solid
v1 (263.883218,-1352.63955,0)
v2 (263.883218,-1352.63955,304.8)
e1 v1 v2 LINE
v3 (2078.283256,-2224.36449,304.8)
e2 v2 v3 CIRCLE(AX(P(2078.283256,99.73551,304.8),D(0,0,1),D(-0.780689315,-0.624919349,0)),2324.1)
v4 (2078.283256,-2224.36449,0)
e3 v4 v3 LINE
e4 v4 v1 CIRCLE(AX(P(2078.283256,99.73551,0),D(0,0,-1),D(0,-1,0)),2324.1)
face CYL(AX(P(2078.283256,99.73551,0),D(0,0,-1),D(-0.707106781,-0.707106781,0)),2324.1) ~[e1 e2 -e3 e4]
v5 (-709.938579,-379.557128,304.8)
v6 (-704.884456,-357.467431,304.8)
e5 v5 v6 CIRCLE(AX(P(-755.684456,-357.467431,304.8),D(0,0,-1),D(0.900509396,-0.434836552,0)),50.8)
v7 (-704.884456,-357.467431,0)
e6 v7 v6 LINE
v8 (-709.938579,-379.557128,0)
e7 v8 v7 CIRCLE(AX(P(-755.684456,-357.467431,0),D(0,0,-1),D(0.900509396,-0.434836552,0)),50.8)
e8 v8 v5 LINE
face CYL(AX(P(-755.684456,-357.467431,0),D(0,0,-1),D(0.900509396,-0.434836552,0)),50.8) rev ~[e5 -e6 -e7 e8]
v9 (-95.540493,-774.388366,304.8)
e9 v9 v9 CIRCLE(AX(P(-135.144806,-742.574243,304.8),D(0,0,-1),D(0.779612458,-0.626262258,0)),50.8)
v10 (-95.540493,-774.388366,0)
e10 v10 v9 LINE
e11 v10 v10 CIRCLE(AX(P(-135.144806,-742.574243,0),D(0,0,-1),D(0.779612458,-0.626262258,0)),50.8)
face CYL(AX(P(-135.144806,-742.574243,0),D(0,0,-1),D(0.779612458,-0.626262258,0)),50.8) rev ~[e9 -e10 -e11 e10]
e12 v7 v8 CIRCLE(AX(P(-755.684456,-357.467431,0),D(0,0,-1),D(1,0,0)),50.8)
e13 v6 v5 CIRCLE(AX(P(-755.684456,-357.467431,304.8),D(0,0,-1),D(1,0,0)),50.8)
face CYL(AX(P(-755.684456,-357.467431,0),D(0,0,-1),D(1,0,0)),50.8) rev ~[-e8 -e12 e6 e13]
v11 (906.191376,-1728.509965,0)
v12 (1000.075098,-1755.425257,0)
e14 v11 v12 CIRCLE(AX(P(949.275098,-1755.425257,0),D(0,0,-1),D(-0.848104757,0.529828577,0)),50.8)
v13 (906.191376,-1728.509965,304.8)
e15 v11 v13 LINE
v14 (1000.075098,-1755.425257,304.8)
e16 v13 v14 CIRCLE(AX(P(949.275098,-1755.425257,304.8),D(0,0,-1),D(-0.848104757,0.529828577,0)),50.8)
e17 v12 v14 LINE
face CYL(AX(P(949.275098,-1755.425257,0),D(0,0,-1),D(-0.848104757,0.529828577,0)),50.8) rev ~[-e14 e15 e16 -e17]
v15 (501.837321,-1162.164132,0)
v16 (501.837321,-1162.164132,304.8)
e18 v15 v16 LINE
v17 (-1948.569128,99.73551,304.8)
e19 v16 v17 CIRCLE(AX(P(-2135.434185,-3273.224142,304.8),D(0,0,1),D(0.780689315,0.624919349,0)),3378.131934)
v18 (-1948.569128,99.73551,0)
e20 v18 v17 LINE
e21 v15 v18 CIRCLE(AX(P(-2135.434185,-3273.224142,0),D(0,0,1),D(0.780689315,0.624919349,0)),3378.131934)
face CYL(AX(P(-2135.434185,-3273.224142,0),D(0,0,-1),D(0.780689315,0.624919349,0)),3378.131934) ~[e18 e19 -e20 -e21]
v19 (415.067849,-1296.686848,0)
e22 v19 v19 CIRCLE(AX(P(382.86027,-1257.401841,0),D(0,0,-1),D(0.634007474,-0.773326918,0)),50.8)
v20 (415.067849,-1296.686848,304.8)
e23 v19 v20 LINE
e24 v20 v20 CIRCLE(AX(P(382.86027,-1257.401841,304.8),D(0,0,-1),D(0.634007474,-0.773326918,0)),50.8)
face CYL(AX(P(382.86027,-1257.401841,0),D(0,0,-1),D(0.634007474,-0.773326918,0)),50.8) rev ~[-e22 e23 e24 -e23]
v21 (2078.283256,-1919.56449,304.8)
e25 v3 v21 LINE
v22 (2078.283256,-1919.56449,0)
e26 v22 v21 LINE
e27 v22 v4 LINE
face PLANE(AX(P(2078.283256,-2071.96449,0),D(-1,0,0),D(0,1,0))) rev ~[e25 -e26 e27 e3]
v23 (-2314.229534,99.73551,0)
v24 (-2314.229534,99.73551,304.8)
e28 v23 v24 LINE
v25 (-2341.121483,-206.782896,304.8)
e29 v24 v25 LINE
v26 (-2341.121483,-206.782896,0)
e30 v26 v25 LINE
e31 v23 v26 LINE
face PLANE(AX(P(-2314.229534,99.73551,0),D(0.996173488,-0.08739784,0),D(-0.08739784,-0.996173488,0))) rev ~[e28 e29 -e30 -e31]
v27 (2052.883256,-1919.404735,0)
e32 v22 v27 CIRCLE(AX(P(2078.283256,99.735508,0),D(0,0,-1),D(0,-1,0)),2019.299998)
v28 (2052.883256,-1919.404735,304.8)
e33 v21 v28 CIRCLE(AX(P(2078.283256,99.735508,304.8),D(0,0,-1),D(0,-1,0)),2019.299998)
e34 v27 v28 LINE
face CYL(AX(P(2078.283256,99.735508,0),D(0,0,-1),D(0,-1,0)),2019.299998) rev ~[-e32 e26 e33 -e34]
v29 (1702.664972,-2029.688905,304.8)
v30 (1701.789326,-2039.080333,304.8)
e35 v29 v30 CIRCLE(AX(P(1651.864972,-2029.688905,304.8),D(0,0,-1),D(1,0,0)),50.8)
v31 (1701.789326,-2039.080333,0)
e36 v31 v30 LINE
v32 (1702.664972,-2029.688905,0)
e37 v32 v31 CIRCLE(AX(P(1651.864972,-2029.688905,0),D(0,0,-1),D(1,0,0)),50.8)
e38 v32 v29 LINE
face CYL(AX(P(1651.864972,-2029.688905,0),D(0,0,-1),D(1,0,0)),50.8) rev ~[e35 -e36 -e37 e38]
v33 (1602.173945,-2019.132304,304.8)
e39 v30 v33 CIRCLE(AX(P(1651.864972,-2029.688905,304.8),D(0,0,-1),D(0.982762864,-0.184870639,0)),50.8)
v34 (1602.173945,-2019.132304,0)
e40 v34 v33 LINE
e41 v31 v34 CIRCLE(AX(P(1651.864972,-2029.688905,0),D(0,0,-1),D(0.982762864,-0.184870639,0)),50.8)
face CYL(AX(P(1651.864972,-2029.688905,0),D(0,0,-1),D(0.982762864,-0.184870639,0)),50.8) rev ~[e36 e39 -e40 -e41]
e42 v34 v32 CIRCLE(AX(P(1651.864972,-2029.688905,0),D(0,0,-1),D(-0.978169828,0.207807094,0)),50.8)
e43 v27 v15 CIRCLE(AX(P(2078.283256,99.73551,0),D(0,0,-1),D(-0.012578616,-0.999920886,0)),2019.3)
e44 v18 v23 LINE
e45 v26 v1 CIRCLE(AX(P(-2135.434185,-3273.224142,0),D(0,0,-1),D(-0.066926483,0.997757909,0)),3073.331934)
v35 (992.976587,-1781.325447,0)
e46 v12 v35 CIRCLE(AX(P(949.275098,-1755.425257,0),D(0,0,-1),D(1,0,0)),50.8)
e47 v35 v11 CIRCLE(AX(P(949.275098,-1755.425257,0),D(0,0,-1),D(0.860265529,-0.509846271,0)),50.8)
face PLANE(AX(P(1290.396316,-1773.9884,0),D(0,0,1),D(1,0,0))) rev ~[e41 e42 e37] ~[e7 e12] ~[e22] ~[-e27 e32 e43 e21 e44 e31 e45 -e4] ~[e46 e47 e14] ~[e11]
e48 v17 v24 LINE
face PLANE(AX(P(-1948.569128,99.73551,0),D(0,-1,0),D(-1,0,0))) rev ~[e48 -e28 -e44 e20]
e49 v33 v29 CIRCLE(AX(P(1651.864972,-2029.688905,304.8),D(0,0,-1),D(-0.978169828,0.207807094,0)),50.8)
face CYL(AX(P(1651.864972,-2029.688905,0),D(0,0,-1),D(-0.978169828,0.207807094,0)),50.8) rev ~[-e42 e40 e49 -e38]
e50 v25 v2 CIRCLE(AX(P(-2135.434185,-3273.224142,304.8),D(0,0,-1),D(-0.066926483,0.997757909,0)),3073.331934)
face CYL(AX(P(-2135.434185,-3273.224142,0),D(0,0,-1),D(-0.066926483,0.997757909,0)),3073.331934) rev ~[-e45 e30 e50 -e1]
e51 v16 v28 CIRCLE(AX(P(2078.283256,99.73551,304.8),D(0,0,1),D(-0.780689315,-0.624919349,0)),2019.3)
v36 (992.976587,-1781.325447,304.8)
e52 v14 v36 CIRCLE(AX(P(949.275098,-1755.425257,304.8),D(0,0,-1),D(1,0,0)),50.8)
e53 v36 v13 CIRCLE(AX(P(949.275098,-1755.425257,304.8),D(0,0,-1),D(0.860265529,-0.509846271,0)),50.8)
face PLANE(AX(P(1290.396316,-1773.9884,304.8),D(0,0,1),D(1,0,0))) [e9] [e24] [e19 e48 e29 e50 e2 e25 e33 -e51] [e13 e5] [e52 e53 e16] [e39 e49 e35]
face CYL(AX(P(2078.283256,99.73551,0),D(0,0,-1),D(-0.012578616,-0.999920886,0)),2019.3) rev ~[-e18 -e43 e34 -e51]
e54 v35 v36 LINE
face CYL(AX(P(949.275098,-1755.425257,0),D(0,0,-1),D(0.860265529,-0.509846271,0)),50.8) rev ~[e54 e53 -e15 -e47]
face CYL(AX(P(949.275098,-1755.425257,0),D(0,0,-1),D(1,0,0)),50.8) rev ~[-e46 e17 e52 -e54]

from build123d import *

# Parameters (mm, degrees)
F1_DEPTH = 304.8
F2_DEPTH = 304.8
F3_DEPTH = 304.8


with BuildPart() as f1:
    # F0 (on Top) → F1 (new body)
    with BuildSketch(Plane.XY):
        with BuildLine():
            ThreePointArc((501.8373213462, -1162.1641319538), (-588.8138343541, -269.9358016899), (-1948.5691277783, 99.7355101007))
            Line((-1948.5691277783, 99.7355101007), (-2314.2295336755, 99.7355101007))
            Line((-2314.2295336755, 99.7355101007), (-2341.1214825581, -206.7828963515))
            ThreePointArc((-2341.1214825581, -206.7828963515), (-897.9972664569, -460.0197324886), (263.8832180742, -1352.6395496224))
            ThreePointArc((263.8832180742, -1352.6395496224), (346.7538874407, -1450.5053929426), (434.8963853673, -1543.651360055))
            Line((434.8963853674, -1543.651360055), (542.6594588202, -1435.8882866022))
            Line((542.6594588202, -1435.8882866022), (650.422532273, -1328.1252131493))
            ThreePointArc((650.422532273, -1328.1252131493), (573.8397062056, -1247.1951105763), (501.8373213462, -1162.1641319538))
        make_face()
        with BuildLine():
            ThreePointArc((433.6602697102, -1257.4018407881), (428.777505301, -1279.1330965203), (415.0678494071, -1296.6868482346))
            ThreePointArc((415.0678494071, -1296.6868482346), (343.5137867979, -1289.5342898455), (350.8030686318, -1217.9940260933))
            ThreePointArc((350.8030686318, -1217.9940260933), (404.6792314777, -1211.5262164611), (433.6602697102, -1257.4018407881))
        make_face(mode=Mode.SUBTRACT)
        with BuildLine():
            ThreePointArc((-84.344806107, -742.5742430084), (-87.225399321, -759.4375301517), (-95.5404932439, -774.3883657001))
            ThreePointArc((-95.5404932439, -774.3883657001), (-166.6460909386, -782.4278382534), (-175.2452126635, -711.3877492331))
            ThreePointArc((-175.2452126635, -711.3877492331), (-118.6593678822, -694.5235372224), (-84.344806107, -742.5742430084))
        make_face(mode=Mode.SUBTRACT)
        with BuildLine():
            ThreePointArc((-704.8844563159, -357.4674311671), (-706.1641040933, -368.7976878168), (-709.9385789832, -379.5571280202))
            ThreePointArc((-709.9385789832, -379.5571280202), (-777.4132569884, -403.385828584), (-801.7725267064, -336.1008739413))
            ThreePointArc((-801.7725267064, -336.1008739413), (-744.744483186, -307.8593976653), (-704.8844563159, -357.4674311671))
        make_face(mode=Mode.SUBTRACT)
    extrude(amount=F1_DEPTH)

    # F0 (on Top) → F2 (join)
    with BuildSketch(Plane.XY):
        with BuildLine():
            ThreePointArc((906.1913762496, -1728.5099648127), (716.5424919701, -1591.9922998257), (542.6594588202, -1435.8882866021))
            Line((542.6594588202, -1435.8882866022), (434.8963853674, -1543.651360055))
            ThreePointArc((434.8963853673, -1543.651360055), (1188.8886903633, -2047.4529114088), (2078.283255523, -2224.3644898993))
            Line((2078.283255523, -2224.3644898993), (2078.283255523, -2071.9644898993))
            ThreePointArc((2078.283255523, -2071.9644898993), (2065.5830383492, -2071.9273538089), (2052.883255523, -2071.8159468075))
            ThreePointArc((2052.883255523, -2071.8159468075), (1876.6707861859, -2062.5857662613), (1701.7893257852, -2039.0803330402))
            ThreePointArc((1701.7893257852, -2039.0803330402), (1641.8902756154, -2079.500001974), (1602.1739450511, -2019.1323042006))
            ThreePointArc((1602.1739450511, -2019.1323042006), (1288.5725550934, -1923.2914051002), (992.9765867594, -1781.3254471087))
            ThreePointArc((992.9765867594, -1781.3254471087), (922.8655503609, -1798.8208300162), (906.1913762496, -1728.5099648127))
        make_face()
    extrude(amount=F2_DEPTH)

    # F0 (on Top) → F3 (join)
    with BuildSketch(Plane.XY):
        with BuildLine():
            ThreePointArc((2052.883255523, -1919.4047351522), (1293.8123824371, -1760.9573552803), (650.422532273, -1328.1252131493))
            Line((650.422532273, -1328.1252131493), (542.6594588202, -1435.8882866022))
            ThreePointArc((542.6594588202, -1435.8882866021), (716.5424919701, -1591.9922998257), (906.1913762496, -1728.5099648127))
            ThreePointArc((906.1913762496, -1728.5099648127), (963.2748646873, -1706.5924137874), (1000.0750979075, -1755.4252565278))
            ThreePointArc((1000.0750979075, -1755.4252565278), (998.2683404705, -1768.8529213717), (992.9765867594, -1781.3254471087))
            ThreePointArc((992.9765867594, -1781.3254471087), (1288.5725550934, -1923.2914051002), (1602.1739450511, -2019.1323042006))
            ThreePointArc((1602.1739450511, -2019.1323042006), (1657.172317012, -1979.1669084337), (1702.6649722991, -2029.6889045552))
            ThreePointArc((1702.6649722991, -2029.6889045552), (1702.4455869508, -2034.4049857092), (1701.7893257852, -2039.0803330402))
            ThreePointArc((1701.7893257852, -2039.0803330402), (1876.6707861859, -2062.5857662613), (2052.883255523, -2071.8159468075))
            Line((2052.883255523, -2071.8159468075), (2052.883255523, -1919.4047351522))
        make_face()
        with BuildLine():
            ThreePointArc((2078.283255523, -1919.5644898993), (2065.5830043289, -1919.5245508176), (2052.883255523, -1919.4047351522))
            Line((2052.883255523, -1919.4047351522), (2052.883255523, -2071.8159468075))
            ThreePointArc((2052.883255523, -2071.8159468075), (2065.5830383492, -2071.9273538089), (2078.283255523, -2071.9644898993))
            Line((2078.283255523, -2071.9644898993), (2078.283255523, -1919.5644898993))
        make_face()
    extrude(amount=F3_DEPTH)


solid = f1.part
